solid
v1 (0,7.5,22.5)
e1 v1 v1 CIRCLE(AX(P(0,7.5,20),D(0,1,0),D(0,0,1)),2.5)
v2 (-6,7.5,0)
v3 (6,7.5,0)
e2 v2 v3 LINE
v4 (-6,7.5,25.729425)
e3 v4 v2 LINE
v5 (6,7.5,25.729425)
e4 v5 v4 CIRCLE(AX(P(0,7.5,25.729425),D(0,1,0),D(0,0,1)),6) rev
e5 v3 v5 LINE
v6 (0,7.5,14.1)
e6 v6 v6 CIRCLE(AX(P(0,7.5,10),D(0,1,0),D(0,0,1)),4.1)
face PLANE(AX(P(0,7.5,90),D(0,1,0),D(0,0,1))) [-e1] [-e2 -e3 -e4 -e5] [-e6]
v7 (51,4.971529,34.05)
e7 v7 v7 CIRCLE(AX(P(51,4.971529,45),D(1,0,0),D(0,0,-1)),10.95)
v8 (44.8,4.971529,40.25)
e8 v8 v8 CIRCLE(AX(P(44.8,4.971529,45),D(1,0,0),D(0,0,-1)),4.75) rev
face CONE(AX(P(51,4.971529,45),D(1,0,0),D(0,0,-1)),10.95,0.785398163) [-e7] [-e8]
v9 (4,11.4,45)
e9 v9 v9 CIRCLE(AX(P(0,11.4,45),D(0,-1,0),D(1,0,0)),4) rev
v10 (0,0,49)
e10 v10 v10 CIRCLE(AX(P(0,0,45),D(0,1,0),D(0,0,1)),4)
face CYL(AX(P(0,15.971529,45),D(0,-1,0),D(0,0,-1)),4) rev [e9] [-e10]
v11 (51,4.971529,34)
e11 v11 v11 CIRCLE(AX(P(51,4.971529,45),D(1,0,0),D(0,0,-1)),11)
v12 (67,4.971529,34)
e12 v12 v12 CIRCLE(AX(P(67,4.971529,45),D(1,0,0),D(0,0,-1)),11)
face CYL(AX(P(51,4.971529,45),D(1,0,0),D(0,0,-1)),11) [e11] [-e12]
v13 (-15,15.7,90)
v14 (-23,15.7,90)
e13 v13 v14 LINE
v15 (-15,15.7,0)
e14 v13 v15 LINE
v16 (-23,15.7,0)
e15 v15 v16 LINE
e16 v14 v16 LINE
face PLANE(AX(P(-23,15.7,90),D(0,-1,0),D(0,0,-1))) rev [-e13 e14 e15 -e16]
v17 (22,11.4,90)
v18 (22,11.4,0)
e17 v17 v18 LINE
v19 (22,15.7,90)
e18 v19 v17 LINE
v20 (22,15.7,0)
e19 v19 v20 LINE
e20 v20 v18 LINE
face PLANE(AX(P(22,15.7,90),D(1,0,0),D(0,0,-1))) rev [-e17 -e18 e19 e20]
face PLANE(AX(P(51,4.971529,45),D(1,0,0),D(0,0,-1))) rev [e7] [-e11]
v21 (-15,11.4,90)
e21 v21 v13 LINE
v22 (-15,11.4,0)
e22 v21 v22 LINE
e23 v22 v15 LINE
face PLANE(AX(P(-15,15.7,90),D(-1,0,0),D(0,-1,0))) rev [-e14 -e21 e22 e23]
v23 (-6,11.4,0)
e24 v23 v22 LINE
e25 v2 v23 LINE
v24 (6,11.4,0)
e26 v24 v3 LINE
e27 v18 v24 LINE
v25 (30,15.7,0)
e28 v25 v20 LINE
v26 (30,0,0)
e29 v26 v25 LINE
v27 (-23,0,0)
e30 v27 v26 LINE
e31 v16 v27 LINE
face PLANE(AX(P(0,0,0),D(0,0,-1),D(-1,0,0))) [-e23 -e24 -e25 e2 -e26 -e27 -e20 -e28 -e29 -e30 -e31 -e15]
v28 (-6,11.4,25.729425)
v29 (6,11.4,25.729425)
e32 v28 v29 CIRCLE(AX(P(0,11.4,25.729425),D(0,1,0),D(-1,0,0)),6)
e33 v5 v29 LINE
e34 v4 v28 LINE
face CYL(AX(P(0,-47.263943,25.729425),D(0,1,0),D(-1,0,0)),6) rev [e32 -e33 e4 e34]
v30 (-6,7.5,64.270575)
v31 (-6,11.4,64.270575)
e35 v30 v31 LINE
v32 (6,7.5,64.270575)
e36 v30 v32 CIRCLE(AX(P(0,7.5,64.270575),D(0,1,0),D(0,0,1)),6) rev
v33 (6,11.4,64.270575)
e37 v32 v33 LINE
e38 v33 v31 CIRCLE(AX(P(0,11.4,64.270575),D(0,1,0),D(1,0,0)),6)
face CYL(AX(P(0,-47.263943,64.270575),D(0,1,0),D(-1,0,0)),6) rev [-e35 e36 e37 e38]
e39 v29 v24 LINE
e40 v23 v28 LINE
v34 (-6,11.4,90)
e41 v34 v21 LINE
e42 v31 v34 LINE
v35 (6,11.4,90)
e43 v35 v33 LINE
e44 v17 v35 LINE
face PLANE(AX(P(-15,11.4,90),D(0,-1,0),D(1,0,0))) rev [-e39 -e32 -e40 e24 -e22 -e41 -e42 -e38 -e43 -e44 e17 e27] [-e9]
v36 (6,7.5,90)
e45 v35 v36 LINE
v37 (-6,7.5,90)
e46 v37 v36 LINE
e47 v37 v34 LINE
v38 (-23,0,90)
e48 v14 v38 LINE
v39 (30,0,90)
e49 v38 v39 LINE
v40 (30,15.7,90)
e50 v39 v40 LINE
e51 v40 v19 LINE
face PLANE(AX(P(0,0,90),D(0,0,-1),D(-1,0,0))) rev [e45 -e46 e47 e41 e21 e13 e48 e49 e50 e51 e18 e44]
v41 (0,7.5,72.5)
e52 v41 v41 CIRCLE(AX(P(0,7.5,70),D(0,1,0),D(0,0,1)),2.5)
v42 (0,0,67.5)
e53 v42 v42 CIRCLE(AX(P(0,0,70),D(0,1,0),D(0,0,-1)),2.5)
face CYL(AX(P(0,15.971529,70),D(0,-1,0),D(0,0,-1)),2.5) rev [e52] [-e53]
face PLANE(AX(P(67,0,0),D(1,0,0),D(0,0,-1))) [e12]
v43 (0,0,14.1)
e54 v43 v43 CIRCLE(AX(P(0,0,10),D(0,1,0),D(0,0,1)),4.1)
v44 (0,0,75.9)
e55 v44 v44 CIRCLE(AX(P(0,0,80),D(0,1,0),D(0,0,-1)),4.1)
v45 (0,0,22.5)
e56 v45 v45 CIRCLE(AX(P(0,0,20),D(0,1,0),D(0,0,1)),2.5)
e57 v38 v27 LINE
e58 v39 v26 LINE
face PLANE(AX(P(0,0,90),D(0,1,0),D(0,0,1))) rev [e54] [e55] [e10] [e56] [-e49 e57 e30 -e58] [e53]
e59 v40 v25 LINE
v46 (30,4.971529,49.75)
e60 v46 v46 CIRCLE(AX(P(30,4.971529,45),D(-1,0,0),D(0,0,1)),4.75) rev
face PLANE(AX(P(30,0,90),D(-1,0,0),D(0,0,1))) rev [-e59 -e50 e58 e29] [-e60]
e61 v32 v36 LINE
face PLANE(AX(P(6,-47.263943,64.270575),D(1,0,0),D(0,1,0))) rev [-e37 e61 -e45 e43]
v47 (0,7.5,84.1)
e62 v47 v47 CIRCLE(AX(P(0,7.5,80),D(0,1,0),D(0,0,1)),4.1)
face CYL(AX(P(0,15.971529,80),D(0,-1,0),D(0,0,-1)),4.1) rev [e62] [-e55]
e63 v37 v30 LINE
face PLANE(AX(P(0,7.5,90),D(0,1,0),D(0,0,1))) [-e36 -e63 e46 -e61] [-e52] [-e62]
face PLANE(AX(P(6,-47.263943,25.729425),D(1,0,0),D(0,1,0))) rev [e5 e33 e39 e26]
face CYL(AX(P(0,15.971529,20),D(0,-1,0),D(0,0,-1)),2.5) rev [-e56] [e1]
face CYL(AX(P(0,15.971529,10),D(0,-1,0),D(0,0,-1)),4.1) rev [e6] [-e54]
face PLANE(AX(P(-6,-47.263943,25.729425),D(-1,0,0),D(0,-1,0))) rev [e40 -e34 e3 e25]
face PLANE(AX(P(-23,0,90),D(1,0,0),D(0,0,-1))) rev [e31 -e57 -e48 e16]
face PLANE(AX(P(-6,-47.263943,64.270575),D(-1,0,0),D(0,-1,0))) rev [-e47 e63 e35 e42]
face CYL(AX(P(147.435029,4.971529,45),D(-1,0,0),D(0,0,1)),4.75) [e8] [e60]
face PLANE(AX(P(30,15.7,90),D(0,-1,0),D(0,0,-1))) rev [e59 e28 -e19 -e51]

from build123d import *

# Parameters (mm, degrees)
BOSS_EXTRUDE1_DEPTH = 90
SKETCH2_R           = 4.75
BOSS_EXTRUDE2_DEPTH = 37
SKETCH3_R           = 11
BOSS_EXTRUDE3_DEPTH = 16
CHAMFER1_SIZE       = 6.2
SKETCH4_R           = 4
SKETCH4_R_2         = 2.5
SKETCH4_R_3         = 4.1
CUT_EXTRUDE1_DEPTH  = 16.97152885
CUT_EXTRUDE2_DEPTH  = 3.9


with BuildPart() as part:
    # Sketch1 → Boss-Extrude1 (new body)
    with BuildSketch(Plane.XY):
        Polygon((0, 0), (30, 0), (30, 15.7), (22, 15.7), (22, 11.4), (0, 11.4), (-15, 11.4), (-15, 15.7), (-23, 15.7), (-23, 0), align=None)
    extrude(amount=BOSS_EXTRUDE1_DEPTH)

    # Sketch2 → Boss-Extrude2 (add)
    with BuildSketch(Plane(origin=(30, 0, 0), x_dir=(0, 0, -1), z_dir=(1, 0, 0))):
        with Locations((-45, 4.97152885)):
            Circle(SKETCH2_R)
    extrude(amount=BOSS_EXTRUDE2_DEPTH)

    # Sketch3 → Boss-Extrude3 (add)
    with BuildSketch(Plane(origin=(67, 0, 0), x_dir=(0, 0, -1), z_dir=(1, 0, 0))):
        with Locations((-45, 4.97152885)):
            Circle(SKETCH3_R)
    extrude(amount=-BOSS_EXTRUDE3_DEPTH)

    # Chamfer1
    chamfer1_edges = [part.edges().sort_by_distance(p)[0] for p in [
        (51, 4.97152885, 49.75),
    ]]
    chamfer(chamfer1_edges, length=CHAMFER1_SIZE)

    # Sketch4 → Cut-Extrude1 (cut, through all)
    with BuildSketch(Plane(origin=(0, 0, 0), x_dir=(1, 0, 0), z_dir=(0, 1, 0))):
        with Locations((0, -45)):
            Circle(SKETCH4_R)
        with Locations((0, -20)):
            Circle(SKETCH4_R_2)
        with Locations((0, -70)):
            Circle(SKETCH4_R_2)
        with Locations((0, -10)):
            Circle(SKETCH4_R_3)
        with Locations((0, -80)):
            Circle(SKETCH4_R_3)
    extrude(amount=CUT_EXTRUDE1_DEPTH, mode=Mode.SUBTRACT)

    # Sketch5 → Cut-Extrude2 (cut)
    with BuildSketch(Plane(origin=(0, 11.4, 0), x_dir=(1, 0, 0), z_dir=(0, 1, 0))):
        with BuildLine():
            Line((-6, -25.72942469), (-6, 7.985784124))
            ThreePointArc((-6, 7.985784124), (0, 13.985784124), (6, 7.985784124))
            Line((6, 7.985784124), (6, -25.72942469))
            ThreePointArc((6, -25.72942469), (0, -31.72942469), (-6, -25.72942469))
        make_face()
        with BuildLine():
            Line((-6, -64.27057531), (-6, -97.985784124))
            ThreePointArc((-6, -97.985784124), (0, -103.985784124), (6, -97.985784124))
            Line((6, -97.985784124), (6, -64.27057531))
            ThreePointArc((6, -64.27057531), (0, -58.27057531), (-6, -64.27057531))
        make_face()
    extrude(amount=-CUT_EXTRUDE2_DEPTH, mode=Mode.SUBTRACT)


solid = part.part
